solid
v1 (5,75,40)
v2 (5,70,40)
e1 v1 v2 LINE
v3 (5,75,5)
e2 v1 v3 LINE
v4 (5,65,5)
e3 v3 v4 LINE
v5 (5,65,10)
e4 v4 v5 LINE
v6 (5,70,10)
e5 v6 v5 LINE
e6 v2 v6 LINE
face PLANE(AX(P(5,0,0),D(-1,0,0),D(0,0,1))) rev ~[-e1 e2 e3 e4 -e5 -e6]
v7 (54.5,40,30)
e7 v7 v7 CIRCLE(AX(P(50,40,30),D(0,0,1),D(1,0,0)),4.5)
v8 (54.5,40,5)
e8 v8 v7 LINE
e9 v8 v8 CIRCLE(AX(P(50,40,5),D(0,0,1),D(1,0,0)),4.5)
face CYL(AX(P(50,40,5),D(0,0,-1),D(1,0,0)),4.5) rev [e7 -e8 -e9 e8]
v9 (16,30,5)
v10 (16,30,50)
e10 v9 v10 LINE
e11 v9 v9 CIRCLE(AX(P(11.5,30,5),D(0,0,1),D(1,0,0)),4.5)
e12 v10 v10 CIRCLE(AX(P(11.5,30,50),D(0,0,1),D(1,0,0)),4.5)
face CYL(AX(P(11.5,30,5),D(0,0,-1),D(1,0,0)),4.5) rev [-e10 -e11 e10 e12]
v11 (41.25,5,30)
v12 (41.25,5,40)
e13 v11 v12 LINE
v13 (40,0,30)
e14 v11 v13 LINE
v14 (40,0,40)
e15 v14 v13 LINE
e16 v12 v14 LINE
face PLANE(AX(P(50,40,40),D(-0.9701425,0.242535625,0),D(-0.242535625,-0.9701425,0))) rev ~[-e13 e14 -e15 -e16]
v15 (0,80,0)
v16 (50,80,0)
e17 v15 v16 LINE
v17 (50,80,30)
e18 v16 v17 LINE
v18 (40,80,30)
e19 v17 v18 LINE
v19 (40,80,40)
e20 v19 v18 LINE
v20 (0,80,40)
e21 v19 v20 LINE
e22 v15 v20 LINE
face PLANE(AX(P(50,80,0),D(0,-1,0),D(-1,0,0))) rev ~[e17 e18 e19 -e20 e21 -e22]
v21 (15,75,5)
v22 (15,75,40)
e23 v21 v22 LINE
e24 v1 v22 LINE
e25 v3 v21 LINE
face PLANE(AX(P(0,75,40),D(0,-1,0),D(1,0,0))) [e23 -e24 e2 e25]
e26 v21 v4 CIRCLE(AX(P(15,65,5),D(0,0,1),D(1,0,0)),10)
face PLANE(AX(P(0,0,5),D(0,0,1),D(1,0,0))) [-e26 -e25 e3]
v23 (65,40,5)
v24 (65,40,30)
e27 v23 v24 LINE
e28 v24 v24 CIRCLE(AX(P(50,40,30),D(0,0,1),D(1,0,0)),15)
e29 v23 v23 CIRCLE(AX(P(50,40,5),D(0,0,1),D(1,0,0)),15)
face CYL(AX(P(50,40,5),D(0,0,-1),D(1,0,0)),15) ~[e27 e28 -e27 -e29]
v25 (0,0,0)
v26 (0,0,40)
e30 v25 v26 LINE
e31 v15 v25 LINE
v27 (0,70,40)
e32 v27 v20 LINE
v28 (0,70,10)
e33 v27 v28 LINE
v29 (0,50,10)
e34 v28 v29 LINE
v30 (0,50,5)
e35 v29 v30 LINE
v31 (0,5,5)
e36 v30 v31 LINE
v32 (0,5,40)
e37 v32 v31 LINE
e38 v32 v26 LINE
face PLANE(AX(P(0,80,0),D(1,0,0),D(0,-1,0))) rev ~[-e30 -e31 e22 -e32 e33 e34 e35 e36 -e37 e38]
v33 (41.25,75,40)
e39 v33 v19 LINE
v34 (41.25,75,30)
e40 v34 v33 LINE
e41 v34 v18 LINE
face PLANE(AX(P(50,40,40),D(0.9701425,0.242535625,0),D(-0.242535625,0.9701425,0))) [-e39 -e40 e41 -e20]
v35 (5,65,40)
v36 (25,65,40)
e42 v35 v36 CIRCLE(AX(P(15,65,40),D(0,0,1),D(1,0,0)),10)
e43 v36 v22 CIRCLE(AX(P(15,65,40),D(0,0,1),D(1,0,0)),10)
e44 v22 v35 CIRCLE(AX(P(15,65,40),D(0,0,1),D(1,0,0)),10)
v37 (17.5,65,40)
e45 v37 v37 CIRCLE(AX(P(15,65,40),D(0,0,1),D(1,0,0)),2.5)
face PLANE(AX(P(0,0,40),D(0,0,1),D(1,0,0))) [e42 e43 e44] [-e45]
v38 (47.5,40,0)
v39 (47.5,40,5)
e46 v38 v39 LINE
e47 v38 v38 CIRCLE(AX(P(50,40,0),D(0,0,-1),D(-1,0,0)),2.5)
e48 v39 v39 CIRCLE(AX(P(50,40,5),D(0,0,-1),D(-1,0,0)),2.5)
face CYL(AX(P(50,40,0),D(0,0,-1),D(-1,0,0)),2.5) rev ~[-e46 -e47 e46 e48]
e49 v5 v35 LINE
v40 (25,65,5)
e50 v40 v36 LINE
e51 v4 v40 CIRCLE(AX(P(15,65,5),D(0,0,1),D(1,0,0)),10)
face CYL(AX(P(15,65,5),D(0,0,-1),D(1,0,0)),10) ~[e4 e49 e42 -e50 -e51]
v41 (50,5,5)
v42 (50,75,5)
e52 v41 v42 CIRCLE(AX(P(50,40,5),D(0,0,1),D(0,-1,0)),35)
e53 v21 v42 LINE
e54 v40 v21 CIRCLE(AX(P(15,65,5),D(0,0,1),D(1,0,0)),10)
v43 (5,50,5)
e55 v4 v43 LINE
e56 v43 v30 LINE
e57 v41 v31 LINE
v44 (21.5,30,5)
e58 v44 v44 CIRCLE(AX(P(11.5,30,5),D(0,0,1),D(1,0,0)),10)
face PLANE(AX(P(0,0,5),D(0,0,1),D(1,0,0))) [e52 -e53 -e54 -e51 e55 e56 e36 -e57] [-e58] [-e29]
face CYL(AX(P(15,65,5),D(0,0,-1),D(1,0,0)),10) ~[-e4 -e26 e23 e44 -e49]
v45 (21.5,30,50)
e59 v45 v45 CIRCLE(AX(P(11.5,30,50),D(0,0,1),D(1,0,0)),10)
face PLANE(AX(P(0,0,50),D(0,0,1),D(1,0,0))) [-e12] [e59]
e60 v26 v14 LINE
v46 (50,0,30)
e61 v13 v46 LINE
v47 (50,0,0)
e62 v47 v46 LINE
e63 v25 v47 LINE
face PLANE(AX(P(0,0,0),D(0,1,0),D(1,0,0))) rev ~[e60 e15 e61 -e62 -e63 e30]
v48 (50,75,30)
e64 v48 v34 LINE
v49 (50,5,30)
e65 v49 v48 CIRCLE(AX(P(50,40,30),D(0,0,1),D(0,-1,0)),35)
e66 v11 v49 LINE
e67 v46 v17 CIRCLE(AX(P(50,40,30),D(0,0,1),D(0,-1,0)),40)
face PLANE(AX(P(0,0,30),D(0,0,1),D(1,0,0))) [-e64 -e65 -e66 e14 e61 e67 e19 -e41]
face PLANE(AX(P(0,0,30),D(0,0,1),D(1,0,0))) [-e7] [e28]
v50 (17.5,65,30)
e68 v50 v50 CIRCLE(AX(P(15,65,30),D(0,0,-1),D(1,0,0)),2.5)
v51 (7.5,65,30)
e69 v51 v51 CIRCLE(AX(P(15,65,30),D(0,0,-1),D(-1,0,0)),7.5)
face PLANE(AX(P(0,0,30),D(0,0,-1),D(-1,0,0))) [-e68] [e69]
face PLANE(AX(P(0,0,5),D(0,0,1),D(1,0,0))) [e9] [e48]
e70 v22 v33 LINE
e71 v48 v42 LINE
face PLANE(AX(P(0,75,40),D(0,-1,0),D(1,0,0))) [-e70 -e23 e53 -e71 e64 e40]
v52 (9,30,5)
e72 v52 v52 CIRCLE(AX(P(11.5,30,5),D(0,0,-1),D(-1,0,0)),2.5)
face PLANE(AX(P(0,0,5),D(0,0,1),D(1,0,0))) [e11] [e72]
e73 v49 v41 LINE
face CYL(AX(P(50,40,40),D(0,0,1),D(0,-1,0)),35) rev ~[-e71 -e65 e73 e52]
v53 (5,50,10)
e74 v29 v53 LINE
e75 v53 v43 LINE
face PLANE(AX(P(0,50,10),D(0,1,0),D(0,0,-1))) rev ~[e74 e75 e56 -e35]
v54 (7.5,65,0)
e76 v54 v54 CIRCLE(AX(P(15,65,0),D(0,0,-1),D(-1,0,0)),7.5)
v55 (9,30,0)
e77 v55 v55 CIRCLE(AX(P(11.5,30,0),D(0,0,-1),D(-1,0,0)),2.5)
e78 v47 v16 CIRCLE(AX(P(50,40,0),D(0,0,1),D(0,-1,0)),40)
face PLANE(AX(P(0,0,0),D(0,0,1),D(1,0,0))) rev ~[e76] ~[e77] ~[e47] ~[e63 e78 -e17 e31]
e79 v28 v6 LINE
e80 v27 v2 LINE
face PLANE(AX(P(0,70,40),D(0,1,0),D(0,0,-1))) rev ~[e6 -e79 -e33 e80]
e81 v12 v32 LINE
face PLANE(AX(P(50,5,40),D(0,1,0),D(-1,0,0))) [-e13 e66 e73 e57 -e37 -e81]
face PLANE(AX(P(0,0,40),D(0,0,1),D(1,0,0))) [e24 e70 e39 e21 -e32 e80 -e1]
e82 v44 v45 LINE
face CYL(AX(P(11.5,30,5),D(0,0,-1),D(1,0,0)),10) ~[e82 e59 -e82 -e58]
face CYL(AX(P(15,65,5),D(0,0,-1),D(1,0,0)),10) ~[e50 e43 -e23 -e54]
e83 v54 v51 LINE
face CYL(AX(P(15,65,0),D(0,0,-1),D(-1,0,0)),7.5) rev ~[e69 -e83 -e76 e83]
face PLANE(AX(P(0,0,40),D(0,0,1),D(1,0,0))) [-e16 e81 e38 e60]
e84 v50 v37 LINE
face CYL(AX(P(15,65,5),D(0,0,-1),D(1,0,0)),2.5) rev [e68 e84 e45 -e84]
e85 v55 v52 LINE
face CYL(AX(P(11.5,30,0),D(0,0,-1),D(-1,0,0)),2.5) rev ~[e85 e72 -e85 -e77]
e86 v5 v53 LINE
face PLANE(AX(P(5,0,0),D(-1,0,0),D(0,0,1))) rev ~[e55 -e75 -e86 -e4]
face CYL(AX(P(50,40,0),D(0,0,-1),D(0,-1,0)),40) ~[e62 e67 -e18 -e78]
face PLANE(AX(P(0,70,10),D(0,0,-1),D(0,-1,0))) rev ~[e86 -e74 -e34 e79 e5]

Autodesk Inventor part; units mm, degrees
ref_plane "YZ Plane" through (0, 0, 0) normal (1, 0, 0) x (0, 1, 0)
ref_plane "XZ Plane" through (0, 0, 0) normal (0, 1, 0) x (-1, 0, 0)
ref_plane "XY Plane" through (0, 0, 0) normal (0, 0, 1) x (1, 0, 0)
sketch "Sketch1" plane through (0, 0, 0) normal (0, 0, 1) x (1, 0, 0)
  line L0 (0, 0) -> (50, 0)
  line L1 (50, 0) -> (50, 80) construction
  line L2 (50, 80) -> (0, 80)
  line L3 (0, 80) -> (0, 0)
  circle A0 centre (50, 40) radius 40 construction
  arc A1 (50, 0) -> (50, 80) centre (50, 40) ccw
  dimension "d0" = 50
  dimension "d1" = 80
  dimension "d2" = 80
extrude "Extrusion1" add sketch "Sketch1" along normal blind 40
sketch "Sketch2" plane through (0, 0, 40) normal (0, 0, 1) x (1, 0, 0)
  line L0 (50, 80) -> (0, 80) projected
  arc A0 (50, 0) -> (50, 80) centre (50, 40) ccw projected
  line L1 (0, 0) -> (50, 0) projected
  line L2 (0, 75) -> (50, 75)
  arc A1 (50, 5) -> (50, 75) centre (50, 40) ccw
  line L3 (50, 5) -> (0, 5)
  line L4 (0, 75) -> (0, 5)
  line L5 (0, 80) -> (0, 0) projected
  dimension "d5" = 5
extrude "Extrusion2" cut sketch "Sketch2" against normal blind 35 contours L2 A1 L3 L4
sketch "Sketch3" plane through (0, 0, 0) normal (-1, 0, 0) x (0, 0, 1)
  line L0 (0, 80) -> (0, 0) projected
  line L1 (40, 75) -> (40, 5) projected
  line L2 (0, 80) -> (40, 80)
  line L3 (40, 80) -> (40, 70)
  line L4 (40, 70) -> (0, 70)
  line L5 (0, 70) -> (0, 80)
  line L6 (0, 80) -> (10, 80)
  line L7 (10, 80) -> (10, 50)
  line L8 (10, 50) -> (0, 50)
  line L9 (0, 50) -> (0, 80)
  line L10 (0, 0) -> (40, 0) projected
  dimension "d8" = 10
  dimension "d9" = 10
  dimension "d10" = 50
extrude "Extrusion3" add sketch "Sketch3" against normal blind 5
sketch "Sketch4" plane through (0, 0, 40) normal (0, 0, 1) x (1, 0, 0)
  line L0 (50, 80) -> (50, 0)
  arc A0 (50, 0) -> (50, 80) centre (50, 40) ccw projected
  arc A1 (50, 0) -> (50, 80) centre (50, 40) ccw projected
  arc A2 (50, 0) -> (50, 80) centre (50, 40) ccw
  line L1 (50, 40) -> (40, 80)
  line L2 (50, 80) -> (0, 80) projected
  line L3 (40, 80) -> (50, 80)
  line L4 (50, 40) -> (40, 0)
  line L5 (0, 0) -> (50, 0) projected
  line L6 (40, 0) -> (50, 0)
  dimension "d15" = 10
extrude "Extrusion4" cut sketch "Sketch4" against normal blind 10
sketch "Sketch5" plane through (0, 0, 5) normal (0, 0, 1) x (1, 0, 0)
  circle A0 centre (11.5, 30) radius 10
  circle A1 centre (11.5, 30) radius 4.5
  line L0 (0, 0) -> (40, 0) projected
  line L1 (0, 5) -> (0, 50) projected
  dimension "d16" = 20
  dimension "d17" = 9
  dimension "d18" = 30
  dimension "d19" = 11.5
extrude "Extrusion5" add sketch "Sketch5" along normal blind 45
sketch "Sketch6" plane through (0, 0, 5) normal (0, 0, 1) x (1, 0, 0)
  circle A0 centre (50, 40) radius 15
  circle A1 centre (50, 40) radius 4.5
  line L0 (0, 5) -> (0, 50) projected
  line L1 (0, 0) -> (40, 0) projected
  dimension "d22" = 30
  dimension "d23" = 9
  dimension "d24" = 50
  dimension "d25" = 40
extrude "Extrusion6" add sketch "Sketch6" along normal blind 25
sketch "Sketch7" plane through (0, 0, 5) normal (0, 0, 1) x (1, 0, 0)
  circle A0 centre (15, 65) radius 10
  circle A1 centre (15, 65) radius 2.5
  line L0 (5, 75) -> (41.25, 75) projected
  line L1 (5, 70) -> (5, 50) projected
  point P0 (0, 0)
  dimension "d28" = 20
  dimension "d29" = 5
extrude "Extrusion7" add sketch "Sketch7" along normal blind 35
sketch "Sketch9" plane through (0, 0, 0) normal (0, 0, -1) x (-1, 0, 0)
  arc A0 (-15, 75) -> (-5, 65) centre (-15, 65) ccw projected
  arc A1 (-5, 65) -> (-15, 75) centre (-15, 65) ccw projected
  circle A2 centre (-15, 65) radius 2.5 projected
  circle A3 centre (-15, 65) radius 2.5 projected
  circle A4 centre (-15, 65) radius 7.5
  point P0 (0, 0)
  dimension "d34" = 15
extrude "Extrusion9" cut sketch "Sketch9" against normal blind 30 contours A2 | A4
sketch "Sketch10" plane through (0, 0, 0) normal (0, 0, -1) x (-1, 0, 0)
  circle A0 centre (-50, 40) radius 15 projected
  circle A1 centre (-11.5, 30) radius 10 projected
  circle A2 centre (-50, 40) radius 2.5
  circle A3 centre (-11.5, 30) radius 10 projected
  circle A4 centre (-11.5, 30) radius 2.5
  point P0 (0, 0)
  dimension "d37" = 5
  dimension "d38" = 5
extrude "Extrusion10" cut sketch "Sketch10" against normal through all contours A2 | A4
properties part number "FA004" material "ABS Plastic"
